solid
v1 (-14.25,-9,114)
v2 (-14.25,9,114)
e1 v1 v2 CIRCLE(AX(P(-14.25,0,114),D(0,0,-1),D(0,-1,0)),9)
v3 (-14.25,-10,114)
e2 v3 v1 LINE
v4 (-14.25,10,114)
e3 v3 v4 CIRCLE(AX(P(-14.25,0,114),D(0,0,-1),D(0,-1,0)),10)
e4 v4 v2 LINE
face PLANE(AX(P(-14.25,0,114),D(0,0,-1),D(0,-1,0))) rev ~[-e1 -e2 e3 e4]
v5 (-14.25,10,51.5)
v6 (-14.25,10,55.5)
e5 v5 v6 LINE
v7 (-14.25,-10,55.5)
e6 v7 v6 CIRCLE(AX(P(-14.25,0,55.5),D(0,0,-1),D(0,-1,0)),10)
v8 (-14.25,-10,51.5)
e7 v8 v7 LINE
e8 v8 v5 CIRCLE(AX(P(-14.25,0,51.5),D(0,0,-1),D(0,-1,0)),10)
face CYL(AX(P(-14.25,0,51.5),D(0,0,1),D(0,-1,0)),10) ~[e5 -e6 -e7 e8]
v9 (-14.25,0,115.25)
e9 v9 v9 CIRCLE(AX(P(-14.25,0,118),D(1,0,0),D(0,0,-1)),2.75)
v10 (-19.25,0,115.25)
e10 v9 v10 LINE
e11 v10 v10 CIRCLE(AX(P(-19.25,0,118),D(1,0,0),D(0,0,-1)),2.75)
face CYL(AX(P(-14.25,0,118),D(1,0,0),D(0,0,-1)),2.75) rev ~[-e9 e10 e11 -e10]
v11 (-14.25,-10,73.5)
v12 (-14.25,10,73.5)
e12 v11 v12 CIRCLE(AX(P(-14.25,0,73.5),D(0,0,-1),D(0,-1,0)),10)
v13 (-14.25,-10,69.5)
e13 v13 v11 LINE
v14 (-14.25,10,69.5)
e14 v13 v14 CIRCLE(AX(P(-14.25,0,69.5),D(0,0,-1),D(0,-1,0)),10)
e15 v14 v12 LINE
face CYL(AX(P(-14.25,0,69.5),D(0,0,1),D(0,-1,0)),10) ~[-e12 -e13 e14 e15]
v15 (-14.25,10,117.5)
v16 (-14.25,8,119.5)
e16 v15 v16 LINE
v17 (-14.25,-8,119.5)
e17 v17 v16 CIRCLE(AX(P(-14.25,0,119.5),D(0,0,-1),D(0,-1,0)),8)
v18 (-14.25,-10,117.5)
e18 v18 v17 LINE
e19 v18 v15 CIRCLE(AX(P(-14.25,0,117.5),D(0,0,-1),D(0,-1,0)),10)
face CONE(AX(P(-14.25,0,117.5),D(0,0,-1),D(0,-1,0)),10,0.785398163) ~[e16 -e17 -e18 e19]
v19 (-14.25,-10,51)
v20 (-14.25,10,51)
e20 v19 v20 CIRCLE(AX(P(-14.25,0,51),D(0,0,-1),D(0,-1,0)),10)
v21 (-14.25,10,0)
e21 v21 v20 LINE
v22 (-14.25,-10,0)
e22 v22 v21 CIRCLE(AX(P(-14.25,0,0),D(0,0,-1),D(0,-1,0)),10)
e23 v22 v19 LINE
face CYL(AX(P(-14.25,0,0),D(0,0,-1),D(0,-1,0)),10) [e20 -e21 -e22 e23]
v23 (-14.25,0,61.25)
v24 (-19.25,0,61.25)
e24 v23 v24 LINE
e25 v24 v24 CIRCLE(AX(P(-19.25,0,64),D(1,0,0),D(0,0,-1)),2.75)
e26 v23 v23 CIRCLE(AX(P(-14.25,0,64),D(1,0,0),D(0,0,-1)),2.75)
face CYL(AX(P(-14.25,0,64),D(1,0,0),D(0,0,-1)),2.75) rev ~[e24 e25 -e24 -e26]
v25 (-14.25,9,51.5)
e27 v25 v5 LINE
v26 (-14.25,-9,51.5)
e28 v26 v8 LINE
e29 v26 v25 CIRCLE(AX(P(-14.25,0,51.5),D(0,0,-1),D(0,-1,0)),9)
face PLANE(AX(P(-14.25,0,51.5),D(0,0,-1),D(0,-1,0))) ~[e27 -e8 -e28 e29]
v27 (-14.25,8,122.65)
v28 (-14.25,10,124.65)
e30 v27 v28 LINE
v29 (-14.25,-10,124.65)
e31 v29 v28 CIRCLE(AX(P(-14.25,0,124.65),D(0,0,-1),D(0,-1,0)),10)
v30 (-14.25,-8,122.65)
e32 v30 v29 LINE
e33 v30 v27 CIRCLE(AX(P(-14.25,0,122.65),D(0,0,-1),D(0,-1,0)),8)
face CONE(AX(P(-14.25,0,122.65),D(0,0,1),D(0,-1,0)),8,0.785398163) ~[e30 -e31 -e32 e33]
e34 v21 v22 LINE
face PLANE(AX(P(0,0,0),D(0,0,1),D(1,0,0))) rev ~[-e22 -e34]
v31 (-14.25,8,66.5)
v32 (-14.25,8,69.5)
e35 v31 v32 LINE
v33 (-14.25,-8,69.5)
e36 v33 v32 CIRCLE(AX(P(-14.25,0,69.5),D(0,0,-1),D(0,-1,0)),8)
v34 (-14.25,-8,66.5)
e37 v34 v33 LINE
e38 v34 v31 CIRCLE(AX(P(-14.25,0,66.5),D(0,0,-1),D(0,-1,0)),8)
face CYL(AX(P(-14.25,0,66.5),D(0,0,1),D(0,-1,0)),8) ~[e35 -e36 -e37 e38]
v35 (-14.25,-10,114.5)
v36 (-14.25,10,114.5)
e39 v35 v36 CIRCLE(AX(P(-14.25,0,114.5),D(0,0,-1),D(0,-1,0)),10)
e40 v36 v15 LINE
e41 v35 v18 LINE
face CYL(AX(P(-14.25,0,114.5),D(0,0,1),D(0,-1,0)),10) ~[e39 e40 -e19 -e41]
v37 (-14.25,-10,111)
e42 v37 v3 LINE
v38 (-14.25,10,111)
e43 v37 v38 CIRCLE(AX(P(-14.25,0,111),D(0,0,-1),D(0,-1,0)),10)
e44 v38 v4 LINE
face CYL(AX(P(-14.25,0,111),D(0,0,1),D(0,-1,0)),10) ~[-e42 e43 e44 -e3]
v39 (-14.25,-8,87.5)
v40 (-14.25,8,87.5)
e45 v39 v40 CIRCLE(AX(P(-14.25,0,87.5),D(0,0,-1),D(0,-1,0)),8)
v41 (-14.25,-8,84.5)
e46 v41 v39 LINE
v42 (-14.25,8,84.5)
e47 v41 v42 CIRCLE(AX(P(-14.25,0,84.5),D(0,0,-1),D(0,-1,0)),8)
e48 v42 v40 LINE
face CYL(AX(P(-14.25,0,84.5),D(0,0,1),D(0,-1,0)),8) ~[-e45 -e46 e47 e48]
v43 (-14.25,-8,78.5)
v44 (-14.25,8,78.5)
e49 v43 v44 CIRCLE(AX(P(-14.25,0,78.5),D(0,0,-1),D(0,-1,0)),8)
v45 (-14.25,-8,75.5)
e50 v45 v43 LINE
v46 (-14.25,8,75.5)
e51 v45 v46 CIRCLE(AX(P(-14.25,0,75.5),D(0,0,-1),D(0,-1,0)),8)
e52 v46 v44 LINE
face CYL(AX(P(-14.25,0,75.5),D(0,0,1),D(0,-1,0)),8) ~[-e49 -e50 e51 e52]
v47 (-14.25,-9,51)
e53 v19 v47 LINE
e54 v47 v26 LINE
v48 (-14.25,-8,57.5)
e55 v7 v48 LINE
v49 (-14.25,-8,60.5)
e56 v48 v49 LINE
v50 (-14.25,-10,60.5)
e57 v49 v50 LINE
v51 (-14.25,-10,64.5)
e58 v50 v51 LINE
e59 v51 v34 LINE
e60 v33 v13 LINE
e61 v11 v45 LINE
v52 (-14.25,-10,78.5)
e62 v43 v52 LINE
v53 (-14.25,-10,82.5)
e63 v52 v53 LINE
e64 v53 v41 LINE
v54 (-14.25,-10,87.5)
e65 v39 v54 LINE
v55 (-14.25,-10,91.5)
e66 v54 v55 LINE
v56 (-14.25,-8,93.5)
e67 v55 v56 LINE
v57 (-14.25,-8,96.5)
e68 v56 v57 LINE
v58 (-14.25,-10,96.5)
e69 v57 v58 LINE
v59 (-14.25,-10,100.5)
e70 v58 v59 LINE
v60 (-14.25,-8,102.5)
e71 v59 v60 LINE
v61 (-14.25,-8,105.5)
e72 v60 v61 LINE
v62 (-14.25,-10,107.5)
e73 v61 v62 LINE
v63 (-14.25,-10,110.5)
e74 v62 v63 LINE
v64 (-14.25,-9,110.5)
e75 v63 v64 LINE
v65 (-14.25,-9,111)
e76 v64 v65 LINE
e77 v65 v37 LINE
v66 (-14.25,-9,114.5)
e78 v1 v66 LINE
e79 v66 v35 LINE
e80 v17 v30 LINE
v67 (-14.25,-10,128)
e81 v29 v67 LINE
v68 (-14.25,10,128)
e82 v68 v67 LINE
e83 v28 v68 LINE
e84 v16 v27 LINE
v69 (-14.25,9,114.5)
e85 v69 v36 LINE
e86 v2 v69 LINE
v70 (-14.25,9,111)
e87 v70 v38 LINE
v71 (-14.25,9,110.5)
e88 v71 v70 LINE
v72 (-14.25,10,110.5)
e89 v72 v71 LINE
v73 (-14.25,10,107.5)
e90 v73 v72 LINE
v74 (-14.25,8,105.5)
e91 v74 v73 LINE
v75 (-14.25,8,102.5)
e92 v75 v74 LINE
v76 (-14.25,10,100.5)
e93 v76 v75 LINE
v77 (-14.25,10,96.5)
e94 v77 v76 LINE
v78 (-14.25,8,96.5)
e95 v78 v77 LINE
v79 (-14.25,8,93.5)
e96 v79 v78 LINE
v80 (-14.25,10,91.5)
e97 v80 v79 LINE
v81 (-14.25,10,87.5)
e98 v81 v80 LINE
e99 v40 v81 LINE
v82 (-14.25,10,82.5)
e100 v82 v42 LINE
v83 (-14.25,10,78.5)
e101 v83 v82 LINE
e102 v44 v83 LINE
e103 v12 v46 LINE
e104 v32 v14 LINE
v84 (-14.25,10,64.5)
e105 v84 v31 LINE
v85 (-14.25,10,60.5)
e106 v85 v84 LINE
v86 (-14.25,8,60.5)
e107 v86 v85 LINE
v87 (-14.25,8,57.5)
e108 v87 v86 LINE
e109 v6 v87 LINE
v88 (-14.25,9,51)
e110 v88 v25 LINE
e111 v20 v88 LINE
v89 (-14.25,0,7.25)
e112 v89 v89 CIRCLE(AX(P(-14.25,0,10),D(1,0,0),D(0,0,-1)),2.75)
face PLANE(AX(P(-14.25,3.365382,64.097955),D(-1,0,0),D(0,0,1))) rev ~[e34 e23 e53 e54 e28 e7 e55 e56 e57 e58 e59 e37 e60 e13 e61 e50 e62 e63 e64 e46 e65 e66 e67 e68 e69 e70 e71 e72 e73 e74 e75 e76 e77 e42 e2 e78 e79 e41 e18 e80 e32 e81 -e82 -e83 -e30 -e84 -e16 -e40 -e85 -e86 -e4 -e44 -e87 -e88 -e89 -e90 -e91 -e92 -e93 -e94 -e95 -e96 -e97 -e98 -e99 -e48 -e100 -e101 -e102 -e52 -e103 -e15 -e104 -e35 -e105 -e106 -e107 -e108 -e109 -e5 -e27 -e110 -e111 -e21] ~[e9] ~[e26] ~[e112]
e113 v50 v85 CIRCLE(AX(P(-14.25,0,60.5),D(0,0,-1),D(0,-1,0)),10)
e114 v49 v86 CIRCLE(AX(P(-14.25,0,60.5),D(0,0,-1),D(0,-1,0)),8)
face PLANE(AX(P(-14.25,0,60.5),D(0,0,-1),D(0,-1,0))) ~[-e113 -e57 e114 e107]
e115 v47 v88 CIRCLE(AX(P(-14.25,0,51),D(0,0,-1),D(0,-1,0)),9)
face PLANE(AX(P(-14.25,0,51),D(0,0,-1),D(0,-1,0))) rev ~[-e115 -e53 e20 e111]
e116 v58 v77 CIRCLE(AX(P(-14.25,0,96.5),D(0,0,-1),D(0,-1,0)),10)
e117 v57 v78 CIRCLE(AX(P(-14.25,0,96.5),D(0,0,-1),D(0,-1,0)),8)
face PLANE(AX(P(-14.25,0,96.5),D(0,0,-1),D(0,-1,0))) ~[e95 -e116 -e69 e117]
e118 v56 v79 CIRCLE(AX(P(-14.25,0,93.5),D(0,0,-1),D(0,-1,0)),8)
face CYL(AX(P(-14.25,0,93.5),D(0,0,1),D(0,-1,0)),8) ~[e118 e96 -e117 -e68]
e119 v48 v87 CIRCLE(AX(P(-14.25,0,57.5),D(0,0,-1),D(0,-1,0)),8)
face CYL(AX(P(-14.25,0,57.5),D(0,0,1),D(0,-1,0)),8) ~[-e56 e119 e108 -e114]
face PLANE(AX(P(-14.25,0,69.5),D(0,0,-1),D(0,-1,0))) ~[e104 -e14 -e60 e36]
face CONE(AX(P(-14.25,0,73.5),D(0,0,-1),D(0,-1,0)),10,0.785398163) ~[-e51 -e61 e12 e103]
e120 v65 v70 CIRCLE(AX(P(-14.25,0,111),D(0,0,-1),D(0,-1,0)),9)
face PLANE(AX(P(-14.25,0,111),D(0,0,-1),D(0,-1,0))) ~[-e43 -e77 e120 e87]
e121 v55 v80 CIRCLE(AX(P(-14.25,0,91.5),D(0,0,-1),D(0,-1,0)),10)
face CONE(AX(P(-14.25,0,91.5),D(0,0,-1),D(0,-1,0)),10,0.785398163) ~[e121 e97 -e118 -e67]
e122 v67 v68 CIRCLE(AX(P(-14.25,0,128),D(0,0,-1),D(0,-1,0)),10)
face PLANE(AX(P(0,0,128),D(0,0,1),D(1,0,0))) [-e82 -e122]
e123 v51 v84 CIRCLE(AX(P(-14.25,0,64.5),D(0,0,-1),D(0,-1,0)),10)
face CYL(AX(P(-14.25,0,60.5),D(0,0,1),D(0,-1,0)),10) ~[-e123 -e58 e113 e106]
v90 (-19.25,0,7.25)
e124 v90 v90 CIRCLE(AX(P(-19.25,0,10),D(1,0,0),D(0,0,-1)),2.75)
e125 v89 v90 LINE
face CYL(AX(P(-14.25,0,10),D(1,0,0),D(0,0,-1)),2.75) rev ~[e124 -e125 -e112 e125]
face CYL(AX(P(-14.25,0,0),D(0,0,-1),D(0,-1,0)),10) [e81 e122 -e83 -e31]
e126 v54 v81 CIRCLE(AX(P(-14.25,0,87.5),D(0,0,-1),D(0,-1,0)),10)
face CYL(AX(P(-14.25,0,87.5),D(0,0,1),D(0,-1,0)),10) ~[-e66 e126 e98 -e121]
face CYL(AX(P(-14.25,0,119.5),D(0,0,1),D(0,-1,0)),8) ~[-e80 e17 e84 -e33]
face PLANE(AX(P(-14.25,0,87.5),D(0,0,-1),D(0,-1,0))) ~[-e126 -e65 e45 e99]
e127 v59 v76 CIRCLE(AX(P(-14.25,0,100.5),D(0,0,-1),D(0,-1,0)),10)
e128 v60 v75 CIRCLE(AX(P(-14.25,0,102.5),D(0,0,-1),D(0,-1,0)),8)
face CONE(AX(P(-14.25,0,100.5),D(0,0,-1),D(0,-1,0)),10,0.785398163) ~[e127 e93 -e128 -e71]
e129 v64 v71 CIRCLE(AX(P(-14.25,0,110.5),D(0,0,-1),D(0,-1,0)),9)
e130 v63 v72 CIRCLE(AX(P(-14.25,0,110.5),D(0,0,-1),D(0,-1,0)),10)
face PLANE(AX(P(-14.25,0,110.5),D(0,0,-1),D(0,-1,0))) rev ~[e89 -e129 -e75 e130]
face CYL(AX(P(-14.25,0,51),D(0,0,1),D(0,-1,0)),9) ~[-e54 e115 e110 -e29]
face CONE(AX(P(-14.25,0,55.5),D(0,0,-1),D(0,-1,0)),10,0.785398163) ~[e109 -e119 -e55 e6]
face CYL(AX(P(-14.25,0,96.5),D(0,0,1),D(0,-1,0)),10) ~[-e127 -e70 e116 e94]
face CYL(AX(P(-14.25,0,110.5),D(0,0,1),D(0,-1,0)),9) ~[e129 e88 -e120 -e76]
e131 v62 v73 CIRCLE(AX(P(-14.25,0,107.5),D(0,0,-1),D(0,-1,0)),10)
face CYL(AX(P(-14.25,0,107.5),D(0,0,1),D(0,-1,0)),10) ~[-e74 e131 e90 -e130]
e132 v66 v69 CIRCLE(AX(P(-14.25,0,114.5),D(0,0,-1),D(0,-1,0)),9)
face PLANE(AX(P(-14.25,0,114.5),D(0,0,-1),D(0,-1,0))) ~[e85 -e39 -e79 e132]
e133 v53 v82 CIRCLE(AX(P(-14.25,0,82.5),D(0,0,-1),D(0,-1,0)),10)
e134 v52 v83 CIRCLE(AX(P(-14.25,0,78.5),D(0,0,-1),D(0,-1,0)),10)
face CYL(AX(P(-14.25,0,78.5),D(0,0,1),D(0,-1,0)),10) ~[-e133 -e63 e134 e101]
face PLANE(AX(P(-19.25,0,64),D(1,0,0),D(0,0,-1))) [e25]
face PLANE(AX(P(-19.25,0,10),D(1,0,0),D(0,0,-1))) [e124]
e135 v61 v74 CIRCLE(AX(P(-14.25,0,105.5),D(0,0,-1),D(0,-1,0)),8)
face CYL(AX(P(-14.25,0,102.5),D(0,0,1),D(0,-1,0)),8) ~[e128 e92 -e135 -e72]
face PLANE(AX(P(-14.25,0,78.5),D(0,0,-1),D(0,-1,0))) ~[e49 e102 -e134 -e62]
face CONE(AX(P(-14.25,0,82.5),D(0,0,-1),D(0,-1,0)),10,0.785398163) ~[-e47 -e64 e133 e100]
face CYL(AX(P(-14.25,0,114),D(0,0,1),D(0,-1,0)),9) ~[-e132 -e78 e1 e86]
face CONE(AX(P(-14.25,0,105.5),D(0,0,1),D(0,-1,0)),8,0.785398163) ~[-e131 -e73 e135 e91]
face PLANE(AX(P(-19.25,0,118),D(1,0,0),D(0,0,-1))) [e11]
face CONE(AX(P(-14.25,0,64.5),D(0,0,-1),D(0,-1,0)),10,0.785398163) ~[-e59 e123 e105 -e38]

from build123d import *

# Parameters (mm, degrees)
SKETCH1_W               = 28.5
SKETCH1_H               = 23
CENTRE_BLOCK_DEPTH      = 128
TOP_CYLINDER_DEPTH      = 7
TOP_CYLINDER_DEPTH_BACK = 90
CUT_REVOLVE2_ANGLE      = 180
NOSE_DEPTH              = 131.828370394
T_CROSS_REACH           = 134.885
SKETCH6_R               = 12
BARREL_DEPTH            = 7
SIDE_CYLINDER_DEPTH     = 128
CUT_REVOLVE1_ANGLE      = 180
SKETCH8_R               = 2.75
BACK_HOLE_DEPTH         = 5
SKETCH12_W              = 5
SKETCH12_H              = 80
CUT_EXTRUDE4_DEPTH      = 5
SKETCH15_R              = 2.75
CUT_EXTRUDE6_DEPTH      = 10
FILLET2_R               = 1
SKETCH16_R              = 6.5
CUT_EXTRUDE7_DEPTH      = 20
SKETCH21_W              = 152.585030794
SKETCH21_H              = 42.838852891
CUT_EXTRUDE12_DEPTH     = 133.885289011
SKETCH24_R              = 2.75
CUT_EXTRUDE13_DEPTH     = 5


with BuildPart() as part:
    # Sketch1 → Centre block (new body)
    with BuildSketch(Plane.XY):
        Rectangle(SKETCH1_W, SKETCH1_H)
    extrude(amount=CENTRE_BLOCK_DEPTH)

    # Sketch3 → top cylinder (add, two sides: drawn at the far end of the back side and taken through both)
    with BuildSketch(Plane(origin=(0, 0, 0), x_dir=(-1, 0, 0), z_dir=(0, 0, -1)).offset(-TOP_CYLINDER_DEPTH_BACK)):
        with BuildLine():
            Line((-10, 11.5), (10, 11.5))
            ThreePointArc((10, 11.5), (0, 21.5), (-10, 11.5))
        make_face()
    extrude(amount=TOP_CYLINDER_DEPTH + TOP_CYLINDER_DEPTH_BACK)

    # Sketch9 → Cut-Revolve2 (revolve, cut)
    with BuildSketch(Plane(origin=(0, 11.5, 0), x_dir=(1, 0, 0), z_dir=(0, 1, 0))):
        Polygon((10, -78), (10, -81.888582416), (23.187071127, -81.888582416), (23.187071127, -74.052631606), (23.187071127, 0), (10, 0), (10, -8), (9.5, -8), (9.5, -8.5), (10, -8.5), (10, -11.5), (8, -13.5), (8, -16.5), (10, -18.5), (10, -21.5), (9.5, -21.5), (9.5, -22), (10, -22), (10, -25), (9.5, -25), (9.5, -25.5), (10, -25.5), (10, -28.5), (8, -30.5), (8, -33.5), (10, -35.5), (10, -38.5), (8, -38.5), (8, -41.5), (10, -43.5), (10, -48.5), (8, -48.5), (8, -51.5), (10, -53.5), (10, -58.5), (8, -58.5), (8, -60.3), (8, -61.5), (10, -63.5), (10, -68.5), (8, -68.5), (8, -70.3), (8, -71.5), (10, -73.5), (10, -74.052631606), (10, -77.5), (9.5, -77.5), (9.5, -78), align=None)
    revolve(axis=Axis((0, 11.5, -7), (0, 0, 1)), revolution_arc=CUT_REVOLVE2_ANGLE, mode=Mode.SUBTRACT)

    # Sketch4 → nose (cut, through all)
    with BuildSketch(Plane.XZ.offset(-11.5)):
        with BuildLine():
            Line((-3.25, -7), (-3.25, -2))
            ThreePointArc((-3.25, -2), (-3.835786438, -0.585786438), (-5.25, 0))
            Line((-5.25, 0), (-10, 0))
            Line((-10, 0), (-10, -7))
            Line((-10, -7), (-3.25, -7))
        make_face()
        with BuildLine():
            Line((3.75, -7), (3.75, -2))
            ThreePointArc((3.75, -2), (4.335786438, -0.585786438), (5.75, 0))
            Line((5.75, 0), (10, 0))
            Line((10, 0), (10, -7))
            Line((10, -7), (3.75, -7))
        make_face()
    extrude(amount=-NOSE_DEPTH, mode=Mode.SUBTRACT)

    # t cross: up to this face of the body (flat: up to its plane)
    t_cross_end = Plane(part.part.faces().sort_by_distance((-14.25, 0, 64))[0])
    # Sketch5 → t cross (add, up to the picked face)
    with BuildSketch(Plane(origin=(14.25, 0, 0), x_dir=(0, 0, -1), z_dir=(1, 0, 0)), mode=Mode.PRIVATE) as t_cross_sk1:
        with BuildLine():
            Line((-101, 11.5), (-81, 11.5))
            ThreePointArc((-81, 11.5), (-91, 21.5), (-101, 11.5))
        make_face()
    t_cross_tool1 = split(extrude(t_cross_sk1.sketch, amount=-T_CROSS_REACH, mode=Mode.PRIVATE), bisect_by=t_cross_end, keep=Keep.BOTH, mode=Mode.PRIVATE)
    add(t_cross_tool1.solids().sort_by(Axis((14.25, 15.744132, 91), (-1, 0, 0)))[0])

    # Sketch6 → Barrel (add)
    with BuildSketch(Plane(origin=(0, 0, 0), x_dir=(-1, 0, 0), z_dir=(0, 0, -1))):
        with Locations((0, 0.5)):
            Circle(SKETCH6_R)
    extrude(amount=BARREL_DEPTH)

    # Sketch2 → side cylinder (add)
    with BuildSketch(Plane(origin=(0, 0, 0), x_dir=(-1, 0, 0), z_dir=(0, 0, -1))):
        with BuildLine():
            Line((14.25, 10), (14.25, -10))
            ThreePointArc((14.25, -10), (24.25, 0), (14.25, 10))
        make_face()
    extrude(amount=-SIDE_CYLINDER_DEPTH)

    # Sketch7 → Cut-Revolve1 (revolve, cut)
    with BuildSketch(Plane(origin=(-14.25, 0, 0), x_dir=(0, 0, -1), z_dir=(1, 0, 0))):
        Polygon((-51, -10), (-51, -9), (-51.5, -9), (-51.5, -10), (-55.5, -10), (-57.5, -8), (-58.77482941, -8), (-60.5, -8), (-60.5, -10), (-64.5, -10), (-66.5, -8), (-67.77482941, -8), (-69.5, -8), (-69.5, -10), (-73.5, -10), (-75.5, -8), (-76.77482941, -8), (-78.5, -8), (-78.5, -10), (-82.5, -10), (-84.5, -8), (-85.77482941, -8), (-87.5, -8), (-87.5, -10), (-91.5, -10), (-93.5, -8), (-94.77482941, -8), (-96.5, -8), (-96.5, -10), (-100.5, -10), (-102.5, -8), (-105.5, -8), (-107.5, -10), (-110.5, -10), (-110.5, -9), (-111, -9), (-111, -10), (-114, -10), (-114, -9), (-114.5, -9), (-114.5, -10), (-117.5, -10), (-119.5, -8), (-122.65, -8), (-124.65, -10), (-124.65, -14.812383498), (-117.5, -14.812383498), (0, -14.812383498), (0, -10), align=None)
    revolve(axis=Axis((-14.25, 0, 135.382259058), (0, 0, -1)), revolution_arc=CUT_REVOLVE1_ANGLE, mode=Mode.SUBTRACT)

    # Sketch8 → Back hole (cut)
    with BuildSketch(Plane.XY.offset(128)):
        Circle(SKETCH8_R)
    extrude(amount=-BACK_HOLE_DEPTH, mode=Mode.SUBTRACT)

    # Sketch12 → Cut-Extrude4 (cut)
    with BuildSketch(Plane.XZ.offset(11.5)):
        with Locations((0, 78)):
            Rectangle(SKETCH12_W, SKETCH12_H)
    extrude(amount=-CUT_EXTRUDE4_DEPTH, mode=Mode.SUBTRACT)

    # Sketch15 → Cut-Extrude6 (cut)
    with BuildSketch(Plane(origin=(14.25, 0, 0), x_dir=(0, 0, -1), z_dir=(1, 0, 0))):
        with Locations((-91, 11.5)):
            Circle(SKETCH15_R)
        with Locations((-91, -5.5)):
            Circle(SKETCH15_R)
    extrude(amount=-CUT_EXTRUDE6_DEPTH, mode=Mode.SUBTRACT)

    # Fillet2
    fillet2_edges = [part.edges().sort_by_distance(p)[0] for p in [
        (-14.25, 11.5, 40.5),
        (14.25, 11.5, 40.5),
        (14.25, -11.5, 64),
        (-14.25, -11.5, 64),
        (-14.25, 11.5, 114.5),
        (14.25, 11.5, 114.5),
    ]]
    fillet(fillet2_edges, radius=FILLET2_R)

    # Sketch16 → Cut-Extrude7 (cut)
    with BuildSketch(Plane(origin=(0, 0, -7), x_dir=(-1, 0, 0), z_dir=(0, 0, -1))):
        Circle(SKETCH16_R)
    extrude(amount=-CUT_EXTRUDE7_DEPTH, mode=Mode.SUBTRACT)

    # Sketch21 → Cut-Extrude12 (cut, through all)
    with BuildSketch(Plane.ZY.offset(14.25)):
        with Locations((64.09795532, 3.365381731)):
            Rectangle(SKETCH21_W, SKETCH21_H)
    extrude(amount=-CUT_EXTRUDE12_DEPTH, mode=Mode.SUBTRACT)

    # Sketch24 → Cut-Extrude13 (cut)
    with BuildSketch(Plane(origin=(-14.25, 0, 0), x_dir=(0, 0, -1), z_dir=(1, 0, 0))):
        with Locations((-118, 0)):
            Circle(SKETCH24_R)
        with Locations((-64, 0)):
            Circle(SKETCH24_R)
        with Locations((-10, 0)):
            Circle(SKETCH24_R)
    extrude(amount=-CUT_EXTRUDE13_DEPTH, mode=Mode.SUBTRACT)


solid = part.part
